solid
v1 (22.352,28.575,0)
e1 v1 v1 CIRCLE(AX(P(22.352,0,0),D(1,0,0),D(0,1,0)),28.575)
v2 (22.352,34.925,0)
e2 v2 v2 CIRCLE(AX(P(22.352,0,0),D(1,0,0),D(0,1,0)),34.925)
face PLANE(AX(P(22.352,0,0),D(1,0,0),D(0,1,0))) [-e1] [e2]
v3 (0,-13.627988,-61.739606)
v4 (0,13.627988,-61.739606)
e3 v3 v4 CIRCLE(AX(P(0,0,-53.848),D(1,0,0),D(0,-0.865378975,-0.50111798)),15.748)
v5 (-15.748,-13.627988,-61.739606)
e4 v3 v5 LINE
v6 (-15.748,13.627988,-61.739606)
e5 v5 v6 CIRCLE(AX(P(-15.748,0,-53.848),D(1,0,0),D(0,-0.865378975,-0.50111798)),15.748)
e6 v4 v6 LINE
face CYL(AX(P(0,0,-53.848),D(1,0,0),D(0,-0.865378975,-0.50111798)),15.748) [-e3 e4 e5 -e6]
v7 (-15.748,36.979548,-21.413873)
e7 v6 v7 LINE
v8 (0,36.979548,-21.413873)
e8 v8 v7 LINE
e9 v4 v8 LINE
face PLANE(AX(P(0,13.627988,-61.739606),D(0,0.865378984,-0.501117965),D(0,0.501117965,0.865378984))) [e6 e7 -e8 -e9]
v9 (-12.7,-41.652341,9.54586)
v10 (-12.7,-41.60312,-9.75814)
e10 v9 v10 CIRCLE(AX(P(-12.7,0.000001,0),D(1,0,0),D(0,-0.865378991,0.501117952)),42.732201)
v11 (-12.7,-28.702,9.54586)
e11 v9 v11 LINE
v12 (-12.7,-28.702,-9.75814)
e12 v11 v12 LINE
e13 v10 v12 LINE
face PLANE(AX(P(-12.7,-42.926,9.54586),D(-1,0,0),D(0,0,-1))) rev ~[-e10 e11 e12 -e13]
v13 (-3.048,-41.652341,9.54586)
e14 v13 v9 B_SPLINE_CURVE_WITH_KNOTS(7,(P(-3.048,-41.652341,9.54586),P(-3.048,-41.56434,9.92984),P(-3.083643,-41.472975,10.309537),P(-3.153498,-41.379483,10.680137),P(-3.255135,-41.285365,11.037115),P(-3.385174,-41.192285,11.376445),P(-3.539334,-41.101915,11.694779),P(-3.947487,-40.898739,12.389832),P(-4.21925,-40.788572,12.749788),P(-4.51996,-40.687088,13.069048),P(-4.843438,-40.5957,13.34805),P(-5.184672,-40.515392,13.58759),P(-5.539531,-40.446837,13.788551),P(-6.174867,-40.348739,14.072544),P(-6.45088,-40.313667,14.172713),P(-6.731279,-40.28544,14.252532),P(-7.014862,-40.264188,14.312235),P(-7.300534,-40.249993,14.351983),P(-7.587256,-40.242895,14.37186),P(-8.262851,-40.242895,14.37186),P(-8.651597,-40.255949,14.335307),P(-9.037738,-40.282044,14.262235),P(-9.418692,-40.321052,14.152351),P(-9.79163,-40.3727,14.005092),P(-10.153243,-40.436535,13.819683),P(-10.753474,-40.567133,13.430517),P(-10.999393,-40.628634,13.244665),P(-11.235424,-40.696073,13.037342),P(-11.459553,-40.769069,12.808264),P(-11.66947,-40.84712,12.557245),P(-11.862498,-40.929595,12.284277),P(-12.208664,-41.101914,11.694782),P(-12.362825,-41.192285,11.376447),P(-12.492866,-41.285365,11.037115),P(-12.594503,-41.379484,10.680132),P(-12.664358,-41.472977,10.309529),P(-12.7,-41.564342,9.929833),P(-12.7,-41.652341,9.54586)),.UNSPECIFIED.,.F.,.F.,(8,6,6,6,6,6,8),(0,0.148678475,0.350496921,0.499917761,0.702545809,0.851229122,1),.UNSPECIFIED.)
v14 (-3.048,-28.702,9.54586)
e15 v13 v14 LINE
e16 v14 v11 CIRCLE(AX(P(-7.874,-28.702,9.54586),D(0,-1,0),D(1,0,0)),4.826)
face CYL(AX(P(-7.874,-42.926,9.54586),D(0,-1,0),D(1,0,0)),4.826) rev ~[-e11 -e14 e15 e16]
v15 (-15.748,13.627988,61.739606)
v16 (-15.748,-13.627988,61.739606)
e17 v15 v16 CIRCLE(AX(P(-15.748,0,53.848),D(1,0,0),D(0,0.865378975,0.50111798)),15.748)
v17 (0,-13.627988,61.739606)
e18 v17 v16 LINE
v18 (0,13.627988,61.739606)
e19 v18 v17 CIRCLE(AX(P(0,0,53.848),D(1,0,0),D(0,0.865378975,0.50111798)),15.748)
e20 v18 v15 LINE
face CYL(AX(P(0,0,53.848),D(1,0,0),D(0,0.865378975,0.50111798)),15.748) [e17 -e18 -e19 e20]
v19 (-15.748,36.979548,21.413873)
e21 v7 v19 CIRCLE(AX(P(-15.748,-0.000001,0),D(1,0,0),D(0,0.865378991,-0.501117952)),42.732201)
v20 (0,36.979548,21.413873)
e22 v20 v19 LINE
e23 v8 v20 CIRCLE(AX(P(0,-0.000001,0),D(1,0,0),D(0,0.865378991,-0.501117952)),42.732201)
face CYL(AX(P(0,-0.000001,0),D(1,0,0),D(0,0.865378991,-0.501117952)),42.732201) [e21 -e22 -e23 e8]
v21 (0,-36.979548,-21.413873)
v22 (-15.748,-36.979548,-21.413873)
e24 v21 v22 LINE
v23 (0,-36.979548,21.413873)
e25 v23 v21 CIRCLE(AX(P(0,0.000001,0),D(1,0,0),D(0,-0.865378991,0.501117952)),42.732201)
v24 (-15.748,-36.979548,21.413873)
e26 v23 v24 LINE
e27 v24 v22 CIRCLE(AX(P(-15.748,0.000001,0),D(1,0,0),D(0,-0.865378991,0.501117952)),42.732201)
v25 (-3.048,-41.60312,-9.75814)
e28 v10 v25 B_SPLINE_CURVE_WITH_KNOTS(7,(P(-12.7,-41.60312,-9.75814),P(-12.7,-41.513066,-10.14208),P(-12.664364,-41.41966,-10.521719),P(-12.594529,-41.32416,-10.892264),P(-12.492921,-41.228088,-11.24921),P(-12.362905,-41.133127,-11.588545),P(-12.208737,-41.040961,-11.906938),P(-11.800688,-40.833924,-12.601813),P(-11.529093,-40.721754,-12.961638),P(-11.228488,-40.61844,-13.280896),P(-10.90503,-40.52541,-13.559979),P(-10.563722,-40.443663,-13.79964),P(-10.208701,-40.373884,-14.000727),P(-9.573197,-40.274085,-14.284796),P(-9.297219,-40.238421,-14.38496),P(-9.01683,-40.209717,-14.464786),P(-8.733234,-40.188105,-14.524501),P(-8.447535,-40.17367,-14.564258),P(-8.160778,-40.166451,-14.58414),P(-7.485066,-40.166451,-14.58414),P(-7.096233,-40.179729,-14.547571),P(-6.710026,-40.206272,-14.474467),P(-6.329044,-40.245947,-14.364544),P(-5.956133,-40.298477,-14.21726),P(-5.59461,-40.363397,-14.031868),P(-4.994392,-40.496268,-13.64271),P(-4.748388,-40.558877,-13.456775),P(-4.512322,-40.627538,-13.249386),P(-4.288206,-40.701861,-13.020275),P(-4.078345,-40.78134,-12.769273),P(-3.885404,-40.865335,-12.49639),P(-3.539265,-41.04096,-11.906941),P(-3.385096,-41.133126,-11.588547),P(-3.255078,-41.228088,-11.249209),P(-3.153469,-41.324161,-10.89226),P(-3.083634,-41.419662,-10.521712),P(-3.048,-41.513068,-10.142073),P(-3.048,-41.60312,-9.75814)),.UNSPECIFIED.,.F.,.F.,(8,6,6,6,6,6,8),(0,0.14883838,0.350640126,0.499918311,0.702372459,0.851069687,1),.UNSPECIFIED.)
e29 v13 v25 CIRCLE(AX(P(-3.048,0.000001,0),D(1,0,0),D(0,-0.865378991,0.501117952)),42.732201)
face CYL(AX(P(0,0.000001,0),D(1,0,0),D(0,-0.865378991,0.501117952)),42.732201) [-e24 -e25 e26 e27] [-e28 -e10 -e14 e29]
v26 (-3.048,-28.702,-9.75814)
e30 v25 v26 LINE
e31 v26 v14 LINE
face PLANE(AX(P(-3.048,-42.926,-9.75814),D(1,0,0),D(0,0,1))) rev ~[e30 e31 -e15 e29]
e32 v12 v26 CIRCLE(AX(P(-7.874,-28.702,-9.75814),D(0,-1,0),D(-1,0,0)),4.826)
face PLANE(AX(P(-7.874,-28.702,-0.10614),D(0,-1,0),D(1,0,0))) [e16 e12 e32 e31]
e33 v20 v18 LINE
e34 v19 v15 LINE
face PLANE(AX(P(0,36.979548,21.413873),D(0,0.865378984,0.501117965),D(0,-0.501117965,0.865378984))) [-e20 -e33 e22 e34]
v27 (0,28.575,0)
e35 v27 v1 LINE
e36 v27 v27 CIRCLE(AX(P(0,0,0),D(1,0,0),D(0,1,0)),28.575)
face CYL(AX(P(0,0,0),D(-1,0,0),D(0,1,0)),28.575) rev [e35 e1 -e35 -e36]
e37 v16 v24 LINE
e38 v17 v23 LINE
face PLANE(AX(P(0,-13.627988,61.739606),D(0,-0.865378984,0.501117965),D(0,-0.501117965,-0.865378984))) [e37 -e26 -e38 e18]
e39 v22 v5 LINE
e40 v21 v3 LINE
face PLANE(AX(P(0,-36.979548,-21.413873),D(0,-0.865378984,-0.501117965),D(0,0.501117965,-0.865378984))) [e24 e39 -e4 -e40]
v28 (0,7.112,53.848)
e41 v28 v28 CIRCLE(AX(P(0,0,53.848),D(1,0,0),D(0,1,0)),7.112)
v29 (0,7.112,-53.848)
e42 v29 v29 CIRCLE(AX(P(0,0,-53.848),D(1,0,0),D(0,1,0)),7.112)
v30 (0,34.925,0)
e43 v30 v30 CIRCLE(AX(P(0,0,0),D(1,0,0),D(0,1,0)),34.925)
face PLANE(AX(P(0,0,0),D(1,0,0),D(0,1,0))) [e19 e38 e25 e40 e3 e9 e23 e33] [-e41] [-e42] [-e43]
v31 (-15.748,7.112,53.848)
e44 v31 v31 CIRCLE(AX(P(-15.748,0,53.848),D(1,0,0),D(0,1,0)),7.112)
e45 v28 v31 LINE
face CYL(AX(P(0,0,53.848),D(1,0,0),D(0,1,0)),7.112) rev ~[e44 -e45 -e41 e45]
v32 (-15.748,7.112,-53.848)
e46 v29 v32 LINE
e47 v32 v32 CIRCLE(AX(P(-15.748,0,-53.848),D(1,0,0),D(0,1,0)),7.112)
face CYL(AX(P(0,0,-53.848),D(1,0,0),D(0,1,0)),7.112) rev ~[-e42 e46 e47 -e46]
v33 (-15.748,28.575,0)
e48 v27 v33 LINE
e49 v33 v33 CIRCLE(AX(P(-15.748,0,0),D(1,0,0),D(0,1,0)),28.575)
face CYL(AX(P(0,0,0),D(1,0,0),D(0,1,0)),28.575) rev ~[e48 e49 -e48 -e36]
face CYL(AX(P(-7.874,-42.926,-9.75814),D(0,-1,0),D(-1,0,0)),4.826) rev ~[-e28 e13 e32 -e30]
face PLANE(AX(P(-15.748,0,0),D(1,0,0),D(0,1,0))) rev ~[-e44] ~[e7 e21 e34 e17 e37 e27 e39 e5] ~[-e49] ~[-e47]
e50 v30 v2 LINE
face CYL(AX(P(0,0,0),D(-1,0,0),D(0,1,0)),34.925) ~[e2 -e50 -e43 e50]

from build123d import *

# Parameters (mm, degrees)
F0_R     = 34.925
F0_R_2   = 28.575
F1_DEPTH = 22.352
F2_R     = 7.112
F3_DEPTH = 15.748
F6_DEPTH = 14.224
F7_R     = 28.575
F8_DEPTH = 15.749


with BuildPart() as f1:
    # F0 (on Right) → F1 (new body)
    with BuildSketch(Plane.YZ):
        Circle(F0_R)
        Circle(F0_R_2, mode=Mode.SUBTRACT)
    extrude(amount=F1_DEPTH)

    # F2 (on Right) → F3 (join)
    with BuildSketch(Plane.YZ):
        with BuildLine():
            ThreePointArc((36.979548, -21.413873), (42.7322, 0), (36.979548, 21.413873))
            Line((36.979548, 21.413873), (13.627988, 61.739606))
            ThreePointArc((13.627988, 61.739606), (0, 69.596), (-13.627988, 61.739606))
            Line((-13.627988, 61.739606), (-36.979548, 21.413873))
            ThreePointArc((-36.979548, 21.413873), (-42.7322, 0), (-36.979548, -21.413873))
            Line((-36.979548, -21.413873), (-13.627988, -61.739606))
            ThreePointArc((-13.627988, -61.739606), (0, -69.596), (13.627988, -61.739606))
            Line((13.627988, -61.739606), (36.979548, -21.413873))
        make_face()
        with Locations((0, -53.848)):
            Circle(F2_R, mode=Mode.SUBTRACT)
        with Locations((0, 53.848)):
            Circle(F2_R, mode=Mode.SUBTRACT)
    extrude(amount=-F3_DEPTH)

    # F5 (on offset) → F6 (cut)
    with BuildSketch(Plane.XZ.offset(42.926)):
        with BuildLine():
            Line((-12.7, 9.54586), (-12.7, -9.75814))
            ThreePointArc((-12.7, -9.75814), (-7.874, -14.58414), (-3.048, -9.75814))
            Line((-3.048, -9.75814), (-3.048, 9.54586))
            ThreePointArc((-3.048, 9.54586), (-7.874, 14.37186), (-12.7, 9.54586))
        make_face()
    extrude(amount=-F6_DEPTH, mode=Mode.SUBTRACT)

    # F7 (on face) → F8 (cut, through all)
    with BuildSketch(Plane.YZ):
        Circle(F7_R)
    extrude(amount=-F8_DEPTH, mode=Mode.SUBTRACT)


solid = f1.part
